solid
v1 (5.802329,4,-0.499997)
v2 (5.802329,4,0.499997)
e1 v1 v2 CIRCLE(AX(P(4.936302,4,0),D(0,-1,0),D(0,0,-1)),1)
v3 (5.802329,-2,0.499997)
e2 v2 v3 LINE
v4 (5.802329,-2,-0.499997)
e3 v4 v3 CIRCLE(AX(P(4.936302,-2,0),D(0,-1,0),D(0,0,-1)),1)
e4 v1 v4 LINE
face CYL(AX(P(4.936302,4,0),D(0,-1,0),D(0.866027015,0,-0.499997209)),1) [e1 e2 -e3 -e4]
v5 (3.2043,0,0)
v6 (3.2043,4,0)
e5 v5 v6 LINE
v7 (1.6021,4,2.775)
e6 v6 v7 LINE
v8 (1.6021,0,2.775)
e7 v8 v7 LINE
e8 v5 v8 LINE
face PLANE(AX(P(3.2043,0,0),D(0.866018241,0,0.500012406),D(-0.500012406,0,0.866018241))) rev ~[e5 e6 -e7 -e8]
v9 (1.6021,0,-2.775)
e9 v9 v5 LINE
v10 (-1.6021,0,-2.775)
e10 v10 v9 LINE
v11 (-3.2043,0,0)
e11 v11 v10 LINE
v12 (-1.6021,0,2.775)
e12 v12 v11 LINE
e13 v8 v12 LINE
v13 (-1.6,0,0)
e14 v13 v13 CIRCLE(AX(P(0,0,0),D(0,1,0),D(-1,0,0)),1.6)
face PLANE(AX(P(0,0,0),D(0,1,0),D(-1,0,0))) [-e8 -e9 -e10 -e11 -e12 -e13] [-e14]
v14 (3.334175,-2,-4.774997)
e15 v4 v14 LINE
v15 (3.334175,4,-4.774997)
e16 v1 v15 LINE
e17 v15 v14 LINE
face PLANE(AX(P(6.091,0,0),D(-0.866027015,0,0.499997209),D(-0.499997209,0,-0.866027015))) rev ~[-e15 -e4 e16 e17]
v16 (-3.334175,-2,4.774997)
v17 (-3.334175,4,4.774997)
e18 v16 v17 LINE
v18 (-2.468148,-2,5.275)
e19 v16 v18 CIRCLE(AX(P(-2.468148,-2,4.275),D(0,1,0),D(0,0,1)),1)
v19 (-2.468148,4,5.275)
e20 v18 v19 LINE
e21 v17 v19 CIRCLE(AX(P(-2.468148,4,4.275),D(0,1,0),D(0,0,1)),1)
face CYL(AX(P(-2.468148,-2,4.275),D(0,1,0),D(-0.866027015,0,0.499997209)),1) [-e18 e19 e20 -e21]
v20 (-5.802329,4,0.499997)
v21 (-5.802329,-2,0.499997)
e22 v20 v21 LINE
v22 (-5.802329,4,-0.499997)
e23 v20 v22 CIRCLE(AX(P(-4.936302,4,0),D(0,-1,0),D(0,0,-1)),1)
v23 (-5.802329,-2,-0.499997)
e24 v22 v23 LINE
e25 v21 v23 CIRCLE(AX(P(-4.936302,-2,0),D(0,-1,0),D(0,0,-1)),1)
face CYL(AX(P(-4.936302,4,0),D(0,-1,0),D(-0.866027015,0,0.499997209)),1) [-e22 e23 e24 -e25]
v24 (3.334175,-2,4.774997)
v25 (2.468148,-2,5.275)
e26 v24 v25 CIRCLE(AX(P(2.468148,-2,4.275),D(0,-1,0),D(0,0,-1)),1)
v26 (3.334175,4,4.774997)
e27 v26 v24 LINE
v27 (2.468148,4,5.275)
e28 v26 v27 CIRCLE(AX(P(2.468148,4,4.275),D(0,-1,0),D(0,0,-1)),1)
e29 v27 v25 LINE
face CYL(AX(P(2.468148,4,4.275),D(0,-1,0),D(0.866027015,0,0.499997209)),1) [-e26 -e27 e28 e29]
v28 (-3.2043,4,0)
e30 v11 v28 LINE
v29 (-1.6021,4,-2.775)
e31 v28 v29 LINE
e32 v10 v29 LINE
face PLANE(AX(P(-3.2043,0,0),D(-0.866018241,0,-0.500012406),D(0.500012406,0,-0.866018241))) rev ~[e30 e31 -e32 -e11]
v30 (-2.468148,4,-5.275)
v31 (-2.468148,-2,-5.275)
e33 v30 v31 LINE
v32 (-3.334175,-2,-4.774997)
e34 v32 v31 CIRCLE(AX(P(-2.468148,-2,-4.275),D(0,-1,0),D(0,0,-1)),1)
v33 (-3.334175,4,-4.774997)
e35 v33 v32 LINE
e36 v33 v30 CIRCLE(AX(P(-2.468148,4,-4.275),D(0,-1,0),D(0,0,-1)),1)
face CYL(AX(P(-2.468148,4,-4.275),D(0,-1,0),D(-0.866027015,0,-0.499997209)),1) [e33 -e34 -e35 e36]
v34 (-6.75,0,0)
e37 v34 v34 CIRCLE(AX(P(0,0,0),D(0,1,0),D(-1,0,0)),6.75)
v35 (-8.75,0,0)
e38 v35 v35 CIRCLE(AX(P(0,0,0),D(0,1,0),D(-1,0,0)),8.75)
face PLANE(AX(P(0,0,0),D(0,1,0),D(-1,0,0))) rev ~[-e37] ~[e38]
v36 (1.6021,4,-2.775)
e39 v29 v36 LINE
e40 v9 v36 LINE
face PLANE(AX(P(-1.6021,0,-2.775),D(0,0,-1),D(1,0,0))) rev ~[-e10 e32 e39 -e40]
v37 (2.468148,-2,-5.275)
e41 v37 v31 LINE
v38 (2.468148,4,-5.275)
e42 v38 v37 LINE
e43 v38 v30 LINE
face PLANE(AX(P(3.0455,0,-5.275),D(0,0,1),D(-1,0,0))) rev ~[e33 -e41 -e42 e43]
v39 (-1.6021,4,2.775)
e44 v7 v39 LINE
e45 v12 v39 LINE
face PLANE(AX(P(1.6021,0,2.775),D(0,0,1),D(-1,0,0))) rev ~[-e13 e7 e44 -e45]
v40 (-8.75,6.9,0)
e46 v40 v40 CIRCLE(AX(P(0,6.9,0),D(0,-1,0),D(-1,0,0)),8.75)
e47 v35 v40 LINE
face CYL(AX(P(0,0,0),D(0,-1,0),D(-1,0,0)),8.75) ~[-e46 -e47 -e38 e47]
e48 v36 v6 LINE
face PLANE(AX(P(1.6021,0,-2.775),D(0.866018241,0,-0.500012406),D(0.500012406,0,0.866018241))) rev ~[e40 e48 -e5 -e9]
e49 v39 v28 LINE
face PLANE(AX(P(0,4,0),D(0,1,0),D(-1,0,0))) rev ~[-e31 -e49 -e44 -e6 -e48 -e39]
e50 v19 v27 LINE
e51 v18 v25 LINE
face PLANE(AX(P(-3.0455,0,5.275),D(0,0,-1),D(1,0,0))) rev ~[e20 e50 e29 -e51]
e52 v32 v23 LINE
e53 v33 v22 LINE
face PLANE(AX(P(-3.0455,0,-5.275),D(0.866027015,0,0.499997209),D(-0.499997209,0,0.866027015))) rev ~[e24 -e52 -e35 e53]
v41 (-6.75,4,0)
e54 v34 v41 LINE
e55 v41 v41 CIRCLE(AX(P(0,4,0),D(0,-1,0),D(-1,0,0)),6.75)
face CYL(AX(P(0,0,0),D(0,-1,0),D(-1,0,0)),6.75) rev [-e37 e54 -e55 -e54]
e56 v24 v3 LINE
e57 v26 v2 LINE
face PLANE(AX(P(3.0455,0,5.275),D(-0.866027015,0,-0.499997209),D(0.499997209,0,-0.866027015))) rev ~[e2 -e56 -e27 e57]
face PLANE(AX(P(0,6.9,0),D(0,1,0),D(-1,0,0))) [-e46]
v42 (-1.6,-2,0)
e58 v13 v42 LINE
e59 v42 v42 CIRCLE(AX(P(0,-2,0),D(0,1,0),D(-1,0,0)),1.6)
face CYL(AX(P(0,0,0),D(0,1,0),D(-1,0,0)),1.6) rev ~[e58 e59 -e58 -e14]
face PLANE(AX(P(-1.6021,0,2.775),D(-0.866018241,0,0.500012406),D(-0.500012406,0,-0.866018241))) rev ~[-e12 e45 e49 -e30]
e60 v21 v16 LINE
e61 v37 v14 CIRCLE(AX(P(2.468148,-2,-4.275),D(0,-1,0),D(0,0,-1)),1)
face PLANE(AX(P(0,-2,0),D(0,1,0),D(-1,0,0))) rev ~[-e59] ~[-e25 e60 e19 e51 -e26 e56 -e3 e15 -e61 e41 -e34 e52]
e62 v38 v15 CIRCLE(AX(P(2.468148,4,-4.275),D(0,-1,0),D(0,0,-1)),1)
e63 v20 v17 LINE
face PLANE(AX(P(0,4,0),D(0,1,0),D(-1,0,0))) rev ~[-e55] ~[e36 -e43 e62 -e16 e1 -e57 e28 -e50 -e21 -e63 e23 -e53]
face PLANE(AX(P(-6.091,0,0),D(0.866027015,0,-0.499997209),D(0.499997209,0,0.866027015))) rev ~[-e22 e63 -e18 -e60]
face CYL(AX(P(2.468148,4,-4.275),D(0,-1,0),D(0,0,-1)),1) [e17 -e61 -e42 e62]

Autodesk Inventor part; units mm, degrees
ref_plane "YZ Plane" through (0, 0, 0) normal (1, 0, 0) x (0, 1, 0)
ref_plane "XZ Plane" through (0, 0, 0) normal (0, 1, 0) x (-1, 0, 0)
ref_plane "XY Plane" through (0, 0, 0) normal (0, 0, 1) x (1, 0, 0)
sketch "Sketch1" plane through (0, 0, 0) normal (0, 1, 0) x (-1, 0, 0)
  line L0 (-8.75, 22.75) -> (8.75, 22.75)
  line L1 (8.75, 22.75) -> (8.75, -22.75)
  line L2 (8.75, -22.75) -> (-8.75, -22.75)
  line L3 (-8.75, -22.75) -> (-8.75, 22.75)
  line L4 (-8.75, 22.75) -> (8.75, -22.75) construction
  line L5 (8.75, 22.75) -> (-8.75, -22.75) construction
  line L6 (-1.6021, -2.775) -> (-3.2043, 0)
  line L7 (-3.2043, 0) -> (-1.6021, 2.775)
  line L8 (-1.6021, 2.775) -> (1.6021, 2.775)
  line L9 (1.6021, 2.775) -> (3.2043, 0)
  line L10 (3.2043, 0) -> (1.6021, -2.775)
  line L11 (1.6021, -2.775) -> (-1.6021, -2.775)
  line L12 (6.091, 0) -> (3.0455, 5.275)
  line L13 (3.0455, 5.275) -> (-3.0455, 5.275)
  line L14 (-3.0455, 5.275) -> (-6.091, 0)
  line L15 (-6.091, 0) -> (-3.0455, -5.275)
  line L16 (-3.0455, -5.275) -> (3.0455, -5.275)
  line L17 (3.0455, -5.275) -> (6.091, 0)
  line L18 (6.75, -20.75) -> (6.75, 20.75)
  line L19 (6.75, 20.75) -> (-6.75, 20.75)
  line L20 (-6.75, 20.75) -> (-6.75, -20.75)
  line L21 (-6.75, -20.75) -> (6.75, -20.75)
  circle A0 centre (0, 0) radius 1.6
  circle A1 centre (0, 0) radius 8.75
  circle A2 centre (0, 0) radius 6.75
  dimension "d0" = 17.5
  dimension "d1" = 45.5
  dimension "d2" = 5.55
  dimension "d8" = 2.5
  dimension "d9" = 2
  dimension "d11" = 3.2
  dimension "d14" = 17.5
  dimension "d15" = 2
extrude "Extrusion1" add sketch "Sketch1" along normal blind 6.9 contours A1 L20 | A1 L18 | A1 L18 A2 L20 | L20 A2 L18 A1 | A2 | L6 L7 L8 L9 L10 L11 | L17 L16 L15 L14 L13 L12 | A0
extrude "Extrusion5" add sketch "Sketch1" against normal blind 2 contours L6 L7 L8 L9 L10 L11 | L17 L16 L15 L14 L13 L12
extrude "Extrusion2" cut sketch "Sketch1" along normal blind 4 contours A2 | L6 L7 L8 L9 L10 L11 | A0
fillet "Fillet1" radius 1 6 edges at (6.091, 1, 0) (-3.0455, 1, 5.275) (3.0455, 1, -5.275) (-3.0455, 1, -5.275) (-6.091, 1, 0) (3.0455, 1, 5.275)
fillet "Fillet2" [suppressed]
equation "\"d14\" = d0"
properties part number "Solenoid Shield"
